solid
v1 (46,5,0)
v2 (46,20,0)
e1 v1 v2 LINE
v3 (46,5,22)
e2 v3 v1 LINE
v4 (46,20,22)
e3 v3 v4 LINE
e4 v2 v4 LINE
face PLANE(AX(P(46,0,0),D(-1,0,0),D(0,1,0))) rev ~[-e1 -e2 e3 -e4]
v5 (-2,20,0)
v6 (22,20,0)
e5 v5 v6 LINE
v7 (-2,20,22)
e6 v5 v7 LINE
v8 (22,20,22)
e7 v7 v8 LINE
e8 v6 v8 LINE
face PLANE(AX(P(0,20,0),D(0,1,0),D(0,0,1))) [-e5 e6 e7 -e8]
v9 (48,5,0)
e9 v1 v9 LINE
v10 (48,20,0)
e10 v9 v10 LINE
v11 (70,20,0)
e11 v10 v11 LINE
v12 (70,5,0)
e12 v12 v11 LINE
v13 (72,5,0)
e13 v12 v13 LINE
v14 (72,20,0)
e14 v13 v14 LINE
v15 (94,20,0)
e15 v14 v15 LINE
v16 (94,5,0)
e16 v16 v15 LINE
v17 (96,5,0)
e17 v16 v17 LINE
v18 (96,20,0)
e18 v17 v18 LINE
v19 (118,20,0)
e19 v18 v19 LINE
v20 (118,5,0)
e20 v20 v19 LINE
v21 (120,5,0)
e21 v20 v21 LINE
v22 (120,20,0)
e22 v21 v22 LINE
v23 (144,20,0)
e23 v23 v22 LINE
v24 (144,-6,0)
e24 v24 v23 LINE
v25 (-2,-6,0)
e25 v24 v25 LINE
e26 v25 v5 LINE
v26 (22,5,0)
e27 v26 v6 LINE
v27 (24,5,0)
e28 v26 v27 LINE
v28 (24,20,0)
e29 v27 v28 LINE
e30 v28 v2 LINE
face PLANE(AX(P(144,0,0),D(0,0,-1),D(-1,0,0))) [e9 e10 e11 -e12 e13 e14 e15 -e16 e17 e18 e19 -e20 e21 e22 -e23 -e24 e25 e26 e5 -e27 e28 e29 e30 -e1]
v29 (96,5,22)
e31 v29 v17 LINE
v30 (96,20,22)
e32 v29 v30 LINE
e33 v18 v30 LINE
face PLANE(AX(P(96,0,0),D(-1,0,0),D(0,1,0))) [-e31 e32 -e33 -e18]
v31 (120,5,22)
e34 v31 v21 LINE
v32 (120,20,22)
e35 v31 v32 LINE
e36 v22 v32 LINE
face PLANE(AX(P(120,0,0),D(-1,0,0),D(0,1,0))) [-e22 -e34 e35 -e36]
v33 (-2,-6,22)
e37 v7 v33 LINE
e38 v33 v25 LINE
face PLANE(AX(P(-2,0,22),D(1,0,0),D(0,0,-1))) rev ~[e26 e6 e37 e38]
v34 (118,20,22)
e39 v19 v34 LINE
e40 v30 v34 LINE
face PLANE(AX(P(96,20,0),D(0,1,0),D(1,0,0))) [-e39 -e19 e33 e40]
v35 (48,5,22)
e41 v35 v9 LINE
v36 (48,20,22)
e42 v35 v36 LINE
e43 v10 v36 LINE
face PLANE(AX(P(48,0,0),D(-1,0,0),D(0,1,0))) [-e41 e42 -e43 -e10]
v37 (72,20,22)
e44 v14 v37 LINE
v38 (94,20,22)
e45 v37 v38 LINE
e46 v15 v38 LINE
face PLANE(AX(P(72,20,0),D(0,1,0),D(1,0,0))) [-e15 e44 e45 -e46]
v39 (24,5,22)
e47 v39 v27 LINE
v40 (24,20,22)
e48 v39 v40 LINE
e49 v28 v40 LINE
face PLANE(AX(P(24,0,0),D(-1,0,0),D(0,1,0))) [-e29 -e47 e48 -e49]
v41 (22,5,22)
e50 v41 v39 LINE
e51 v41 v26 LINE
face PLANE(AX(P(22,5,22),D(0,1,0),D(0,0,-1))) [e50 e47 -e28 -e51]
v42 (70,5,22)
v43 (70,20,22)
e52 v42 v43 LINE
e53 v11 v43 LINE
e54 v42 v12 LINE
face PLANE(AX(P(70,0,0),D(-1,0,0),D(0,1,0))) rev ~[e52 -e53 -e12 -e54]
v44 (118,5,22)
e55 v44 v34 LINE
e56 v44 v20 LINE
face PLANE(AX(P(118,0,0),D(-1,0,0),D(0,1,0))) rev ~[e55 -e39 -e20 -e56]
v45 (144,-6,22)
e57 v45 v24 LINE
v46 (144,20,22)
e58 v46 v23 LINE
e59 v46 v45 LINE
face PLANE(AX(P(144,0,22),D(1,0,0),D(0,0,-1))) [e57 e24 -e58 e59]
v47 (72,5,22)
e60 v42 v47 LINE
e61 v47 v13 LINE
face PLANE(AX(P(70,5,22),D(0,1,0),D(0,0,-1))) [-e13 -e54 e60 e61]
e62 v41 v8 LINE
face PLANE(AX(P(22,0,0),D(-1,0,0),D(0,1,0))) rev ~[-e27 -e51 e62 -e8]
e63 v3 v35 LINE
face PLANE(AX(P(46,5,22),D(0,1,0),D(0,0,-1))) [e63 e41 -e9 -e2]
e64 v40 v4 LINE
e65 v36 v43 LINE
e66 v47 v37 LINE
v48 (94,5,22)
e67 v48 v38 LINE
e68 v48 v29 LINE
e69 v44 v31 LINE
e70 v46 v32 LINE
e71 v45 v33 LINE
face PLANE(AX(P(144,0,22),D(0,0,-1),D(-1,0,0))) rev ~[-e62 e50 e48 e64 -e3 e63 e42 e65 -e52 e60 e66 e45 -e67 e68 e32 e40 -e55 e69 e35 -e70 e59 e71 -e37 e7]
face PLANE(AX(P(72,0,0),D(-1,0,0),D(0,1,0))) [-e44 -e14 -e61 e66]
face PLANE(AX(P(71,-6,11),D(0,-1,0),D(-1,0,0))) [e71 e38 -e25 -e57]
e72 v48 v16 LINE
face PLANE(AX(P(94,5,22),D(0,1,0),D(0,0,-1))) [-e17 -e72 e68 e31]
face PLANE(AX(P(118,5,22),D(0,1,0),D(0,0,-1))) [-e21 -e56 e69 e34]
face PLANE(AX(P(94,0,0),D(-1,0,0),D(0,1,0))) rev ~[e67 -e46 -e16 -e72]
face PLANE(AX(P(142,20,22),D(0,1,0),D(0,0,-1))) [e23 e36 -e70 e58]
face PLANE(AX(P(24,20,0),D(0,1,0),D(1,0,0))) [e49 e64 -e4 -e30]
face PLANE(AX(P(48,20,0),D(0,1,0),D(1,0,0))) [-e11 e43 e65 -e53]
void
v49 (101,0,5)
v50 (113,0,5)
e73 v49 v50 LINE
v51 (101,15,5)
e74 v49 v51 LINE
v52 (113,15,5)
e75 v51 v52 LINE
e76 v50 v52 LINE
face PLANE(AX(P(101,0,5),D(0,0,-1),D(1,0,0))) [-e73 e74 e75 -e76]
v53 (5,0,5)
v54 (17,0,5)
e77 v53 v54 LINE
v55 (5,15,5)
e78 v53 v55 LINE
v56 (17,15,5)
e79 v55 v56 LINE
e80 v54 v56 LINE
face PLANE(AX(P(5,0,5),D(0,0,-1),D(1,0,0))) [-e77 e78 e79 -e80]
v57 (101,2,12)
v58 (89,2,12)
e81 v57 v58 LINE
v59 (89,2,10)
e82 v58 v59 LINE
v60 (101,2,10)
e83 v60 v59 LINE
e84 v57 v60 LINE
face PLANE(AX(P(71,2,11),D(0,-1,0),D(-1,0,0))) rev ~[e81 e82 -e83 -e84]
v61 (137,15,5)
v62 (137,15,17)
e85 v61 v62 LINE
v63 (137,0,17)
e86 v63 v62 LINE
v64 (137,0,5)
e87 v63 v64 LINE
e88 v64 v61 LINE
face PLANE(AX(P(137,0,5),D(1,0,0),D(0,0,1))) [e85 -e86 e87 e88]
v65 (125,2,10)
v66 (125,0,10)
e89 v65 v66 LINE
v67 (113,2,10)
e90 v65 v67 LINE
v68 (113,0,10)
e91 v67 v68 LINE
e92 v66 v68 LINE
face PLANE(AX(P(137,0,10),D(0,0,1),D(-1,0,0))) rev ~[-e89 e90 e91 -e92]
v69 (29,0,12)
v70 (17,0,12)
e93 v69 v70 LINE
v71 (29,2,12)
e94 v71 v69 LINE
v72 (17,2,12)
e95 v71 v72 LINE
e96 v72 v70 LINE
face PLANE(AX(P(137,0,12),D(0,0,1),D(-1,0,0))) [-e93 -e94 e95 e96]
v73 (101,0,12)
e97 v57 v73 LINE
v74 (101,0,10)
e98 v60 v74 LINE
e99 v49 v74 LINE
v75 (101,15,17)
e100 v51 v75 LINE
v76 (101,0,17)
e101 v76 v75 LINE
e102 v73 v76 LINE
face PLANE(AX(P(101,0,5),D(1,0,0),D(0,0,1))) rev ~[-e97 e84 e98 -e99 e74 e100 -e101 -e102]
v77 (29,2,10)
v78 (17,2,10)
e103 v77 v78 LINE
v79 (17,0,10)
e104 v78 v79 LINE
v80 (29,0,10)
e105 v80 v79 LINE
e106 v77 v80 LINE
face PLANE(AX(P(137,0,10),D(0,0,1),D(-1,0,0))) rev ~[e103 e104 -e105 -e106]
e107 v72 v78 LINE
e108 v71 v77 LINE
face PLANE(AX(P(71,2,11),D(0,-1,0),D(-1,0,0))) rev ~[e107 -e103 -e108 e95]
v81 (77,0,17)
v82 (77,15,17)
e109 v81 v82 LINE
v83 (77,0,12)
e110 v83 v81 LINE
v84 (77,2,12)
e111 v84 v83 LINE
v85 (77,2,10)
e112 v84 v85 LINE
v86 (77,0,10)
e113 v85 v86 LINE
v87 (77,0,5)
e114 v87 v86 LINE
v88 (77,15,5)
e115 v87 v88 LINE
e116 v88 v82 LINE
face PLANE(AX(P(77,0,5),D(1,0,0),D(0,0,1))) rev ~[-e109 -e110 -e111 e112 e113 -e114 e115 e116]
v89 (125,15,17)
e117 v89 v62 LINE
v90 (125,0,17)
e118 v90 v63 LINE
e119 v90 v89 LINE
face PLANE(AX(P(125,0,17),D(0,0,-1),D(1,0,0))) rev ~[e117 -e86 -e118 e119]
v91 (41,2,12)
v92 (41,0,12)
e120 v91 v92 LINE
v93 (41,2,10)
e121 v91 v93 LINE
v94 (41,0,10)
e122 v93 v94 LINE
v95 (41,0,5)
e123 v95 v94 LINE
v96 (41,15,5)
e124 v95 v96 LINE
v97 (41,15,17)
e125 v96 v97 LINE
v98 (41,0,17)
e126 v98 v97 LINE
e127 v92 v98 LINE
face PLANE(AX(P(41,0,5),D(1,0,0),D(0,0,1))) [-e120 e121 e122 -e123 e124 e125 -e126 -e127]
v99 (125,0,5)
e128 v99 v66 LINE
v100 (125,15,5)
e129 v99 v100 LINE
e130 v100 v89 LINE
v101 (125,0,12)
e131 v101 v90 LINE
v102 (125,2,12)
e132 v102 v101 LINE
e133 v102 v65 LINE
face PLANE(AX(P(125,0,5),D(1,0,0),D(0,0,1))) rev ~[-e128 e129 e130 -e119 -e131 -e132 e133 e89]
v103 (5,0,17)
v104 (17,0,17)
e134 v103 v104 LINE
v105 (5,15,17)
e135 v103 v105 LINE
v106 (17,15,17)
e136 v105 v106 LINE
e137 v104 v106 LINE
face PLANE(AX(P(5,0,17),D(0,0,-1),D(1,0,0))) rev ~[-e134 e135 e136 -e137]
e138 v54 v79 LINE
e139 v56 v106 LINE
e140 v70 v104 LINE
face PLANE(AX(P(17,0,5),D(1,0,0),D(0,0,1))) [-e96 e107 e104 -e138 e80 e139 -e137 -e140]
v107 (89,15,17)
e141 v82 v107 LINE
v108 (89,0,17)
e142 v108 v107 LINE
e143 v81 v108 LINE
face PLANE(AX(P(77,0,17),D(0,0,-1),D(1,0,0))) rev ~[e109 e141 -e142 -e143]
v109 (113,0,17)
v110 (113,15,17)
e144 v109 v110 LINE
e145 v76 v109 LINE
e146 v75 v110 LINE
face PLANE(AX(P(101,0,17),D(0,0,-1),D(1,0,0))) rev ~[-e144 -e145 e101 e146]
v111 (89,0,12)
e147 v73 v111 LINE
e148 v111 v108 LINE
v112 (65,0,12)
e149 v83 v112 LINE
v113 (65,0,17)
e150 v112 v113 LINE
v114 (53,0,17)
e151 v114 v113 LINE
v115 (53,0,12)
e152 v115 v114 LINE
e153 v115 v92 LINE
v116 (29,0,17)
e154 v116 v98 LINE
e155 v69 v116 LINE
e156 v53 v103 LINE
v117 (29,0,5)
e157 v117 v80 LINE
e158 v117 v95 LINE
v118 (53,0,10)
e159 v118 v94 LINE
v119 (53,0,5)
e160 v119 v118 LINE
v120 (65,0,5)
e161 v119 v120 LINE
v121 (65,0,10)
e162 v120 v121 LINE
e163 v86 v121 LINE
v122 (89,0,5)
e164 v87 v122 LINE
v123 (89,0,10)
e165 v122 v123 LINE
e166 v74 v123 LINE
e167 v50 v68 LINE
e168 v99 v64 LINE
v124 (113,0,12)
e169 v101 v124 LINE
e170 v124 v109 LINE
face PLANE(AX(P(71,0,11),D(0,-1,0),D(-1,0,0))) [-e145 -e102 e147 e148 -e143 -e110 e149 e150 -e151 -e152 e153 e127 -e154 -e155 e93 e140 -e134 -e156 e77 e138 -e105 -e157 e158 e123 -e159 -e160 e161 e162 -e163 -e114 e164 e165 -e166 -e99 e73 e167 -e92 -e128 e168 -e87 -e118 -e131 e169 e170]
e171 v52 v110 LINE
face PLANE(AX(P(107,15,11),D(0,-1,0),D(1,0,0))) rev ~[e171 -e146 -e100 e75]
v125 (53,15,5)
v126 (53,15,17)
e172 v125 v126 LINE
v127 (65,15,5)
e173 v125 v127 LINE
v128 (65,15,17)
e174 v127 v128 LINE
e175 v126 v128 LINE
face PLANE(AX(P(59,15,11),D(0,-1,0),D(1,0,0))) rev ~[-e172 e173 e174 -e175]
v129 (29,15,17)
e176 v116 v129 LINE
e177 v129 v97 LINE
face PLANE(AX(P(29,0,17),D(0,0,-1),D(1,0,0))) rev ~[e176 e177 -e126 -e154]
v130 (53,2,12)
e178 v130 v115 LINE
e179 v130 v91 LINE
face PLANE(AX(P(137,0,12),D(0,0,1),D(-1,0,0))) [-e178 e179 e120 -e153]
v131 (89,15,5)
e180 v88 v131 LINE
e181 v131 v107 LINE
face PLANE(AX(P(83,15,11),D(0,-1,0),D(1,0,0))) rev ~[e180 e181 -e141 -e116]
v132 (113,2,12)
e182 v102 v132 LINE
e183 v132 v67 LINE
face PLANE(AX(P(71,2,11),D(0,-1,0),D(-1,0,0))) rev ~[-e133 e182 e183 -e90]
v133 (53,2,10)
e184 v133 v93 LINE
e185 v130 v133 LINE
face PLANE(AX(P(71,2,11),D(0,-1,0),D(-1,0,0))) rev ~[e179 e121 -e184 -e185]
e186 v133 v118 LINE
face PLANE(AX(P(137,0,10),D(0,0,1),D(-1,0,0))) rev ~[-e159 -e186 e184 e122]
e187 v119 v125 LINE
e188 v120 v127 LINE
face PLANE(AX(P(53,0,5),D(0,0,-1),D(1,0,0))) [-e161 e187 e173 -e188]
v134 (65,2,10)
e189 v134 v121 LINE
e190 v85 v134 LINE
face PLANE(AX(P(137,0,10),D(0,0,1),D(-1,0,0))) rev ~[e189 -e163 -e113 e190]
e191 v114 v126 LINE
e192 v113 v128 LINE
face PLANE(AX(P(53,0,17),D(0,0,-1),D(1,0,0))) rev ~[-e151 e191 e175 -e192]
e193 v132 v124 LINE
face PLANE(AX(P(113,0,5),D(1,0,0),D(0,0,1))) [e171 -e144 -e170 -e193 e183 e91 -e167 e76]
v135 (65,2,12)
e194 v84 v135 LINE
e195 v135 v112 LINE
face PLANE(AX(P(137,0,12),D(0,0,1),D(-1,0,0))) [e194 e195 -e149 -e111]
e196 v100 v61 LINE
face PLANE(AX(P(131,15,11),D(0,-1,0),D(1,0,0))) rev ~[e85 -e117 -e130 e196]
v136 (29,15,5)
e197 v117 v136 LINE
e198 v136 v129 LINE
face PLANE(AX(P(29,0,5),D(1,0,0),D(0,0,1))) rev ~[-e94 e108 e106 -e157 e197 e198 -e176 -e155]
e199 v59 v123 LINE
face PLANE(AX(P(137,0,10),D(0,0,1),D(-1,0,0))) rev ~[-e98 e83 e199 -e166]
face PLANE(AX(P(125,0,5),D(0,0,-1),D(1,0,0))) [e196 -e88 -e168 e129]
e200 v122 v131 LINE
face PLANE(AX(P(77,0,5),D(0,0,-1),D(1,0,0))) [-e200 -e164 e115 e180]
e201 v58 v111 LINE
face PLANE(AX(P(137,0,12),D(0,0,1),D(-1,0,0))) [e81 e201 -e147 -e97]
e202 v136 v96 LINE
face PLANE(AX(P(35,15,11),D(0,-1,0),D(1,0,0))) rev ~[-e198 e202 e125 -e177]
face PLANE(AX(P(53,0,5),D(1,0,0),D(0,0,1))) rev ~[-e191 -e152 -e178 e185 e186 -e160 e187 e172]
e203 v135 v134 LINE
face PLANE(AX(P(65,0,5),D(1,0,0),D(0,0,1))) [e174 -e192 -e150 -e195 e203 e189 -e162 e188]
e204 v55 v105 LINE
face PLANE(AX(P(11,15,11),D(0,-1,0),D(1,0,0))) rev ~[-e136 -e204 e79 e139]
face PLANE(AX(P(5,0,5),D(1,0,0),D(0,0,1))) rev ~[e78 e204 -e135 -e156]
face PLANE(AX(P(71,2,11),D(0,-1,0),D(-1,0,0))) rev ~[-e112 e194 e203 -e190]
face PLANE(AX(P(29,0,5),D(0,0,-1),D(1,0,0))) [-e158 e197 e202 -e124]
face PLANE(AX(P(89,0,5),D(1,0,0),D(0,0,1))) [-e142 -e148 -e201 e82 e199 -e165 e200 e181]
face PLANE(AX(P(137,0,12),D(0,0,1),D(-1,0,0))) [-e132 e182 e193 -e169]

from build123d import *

# Parameters (mm, degrees)
SKETCH1_W           = 22
SKETCH1_H           = 20
BOSS_EXTRUDE1_DEPTH = 22
SKETCH2_W           = 12
SKETCH2_H           = 12
CUT_EXTRUDE1_DEPTH  = 15
SKETCH3_W           = 22
SKETCH3_H           = 5
BOSS_EXTRUDE2_DEPTH = 2
LPATTERN1_COUNT     = 6
LPATTERN1_PITCH     = 24
SKETCH4_W           = 22
SKETCH4_H           = 15
BOSS_EXTRUDE3_DEPTH = 2
SKETCH5_W           = 22
SKETCH5_H           = 20
BOSS_EXTRUDE4_DEPTH = 2
SKETCH6_W           = 132
SKETCH6_H           = 2
CUT_EXTRUDE2_DEPTH  = 2
SKETCH7_W           = 146
SKETCH7_H           = 22
BOSS_EXTRUDE5_DEPTH = 6


with BuildPart() as part:
    # Sketch1 → Boss-Extrude1 (new body)
    with BuildSketch(Plane.XY):
        with Locations((11, 10)):
            Rectangle(SKETCH1_W, SKETCH1_H)
    extrude(amount=BOSS_EXTRUDE1_DEPTH)

    # Sketch2 → Cut-Extrude1 (cut)
    with BuildSketch(Plane.XZ):
        with Locations((11, 11)):
            Rectangle(SKETCH2_W, SKETCH2_H)
    extrude(amount=-CUT_EXTRUDE1_DEPTH, mode=Mode.SUBTRACT)

    # Sketch3 → Boss-Extrude2 (add)
    with BuildSketch(Plane(origin=(22, 0, 0), x_dir=(0, 0, -1), z_dir=(1, 0, 0))):
        with Locations((-11, 2.5)):
            Rectangle(SKETCH3_W, SKETCH3_H)
    extrude(amount=BOSS_EXTRUDE2_DEPTH)


with BuildPart() as lpattern1_1:
    # LPattern1: pattern copy
    add(part.part.moved(Location(Vector(1, 0, 0) * (1 * LPATTERN1_PITCH))))


with BuildPart() as lpattern1_2:
    # LPattern1: pattern copy
    add(part.part.moved(Location(Vector(1, 0, 0) * (2 * LPATTERN1_PITCH))))


with BuildPart() as lpattern1_3:
    # LPattern1: pattern copy
    add(part.part.moved(Location(Vector(1, 0, 0) * (3 * LPATTERN1_PITCH))))


with BuildPart() as lpattern1_4:
    # LPattern1: pattern copy
    add(part.part.moved(Location(Vector(1, 0, 0) * (4 * LPATTERN1_PITCH))))


with BuildPart() as lpattern1_5:
    # LPattern1: pattern copy
    add(part.part.moved(Location(Vector(1, 0, 0) * (5 * LPATTERN1_PITCH))))


with BuildPart() as lpattern1_2_1:
    add(lpattern1_2.part)

    # Combine1: union LPattern1_3, LPattern1_4, LPattern1_5, LPattern1_1, part
    add(lpattern1_3.part)
    add(lpattern1_4.part)
    add(lpattern1_5.part)
    add(lpattern1_1.part)
    add(part.part)

    # Sketch4 → Boss-Extrude3 (add)
    with BuildSketch(Plane(origin=(142, 0, 0), x_dir=(0, 0, -1), z_dir=(1, 0, 0))):
        with Locations((-11, 12.5)):
            Rectangle(SKETCH4_W, SKETCH4_H)
    extrude(amount=BOSS_EXTRUDE3_DEPTH)

    # Sketch5 → Boss-Extrude4 (add)
    with BuildSketch(Plane.ZY):
        with Locations((11, 10)):
            Rectangle(SKETCH5_W, SKETCH5_H)
    extrude(amount=BOSS_EXTRUDE4_DEPTH)

    # Sketch6 → Cut-Extrude2 (cut)
    with BuildSketch(Plane(origin=(0, 0, 0), x_dir=(-1, 0, 0), z_dir=(0, -1, 0))):
        with Locations((-71, -11)):
            Rectangle(SKETCH6_W, SKETCH6_H)
    extrude(amount=-CUT_EXTRUDE2_DEPTH, mode=Mode.SUBTRACT)

    # Sketch7 → Boss-Extrude5 (add)
    with BuildSketch(Plane(origin=(0, 0, 0), x_dir=(-1, 0, 0), z_dir=(0, -1, 0))):
        with Locations((-71, -11)):
            Rectangle(SKETCH7_W, SKETCH7_H)
    extrude(amount=BOSS_EXTRUDE5_DEPTH)


solid = lpattern1_2_1.part
